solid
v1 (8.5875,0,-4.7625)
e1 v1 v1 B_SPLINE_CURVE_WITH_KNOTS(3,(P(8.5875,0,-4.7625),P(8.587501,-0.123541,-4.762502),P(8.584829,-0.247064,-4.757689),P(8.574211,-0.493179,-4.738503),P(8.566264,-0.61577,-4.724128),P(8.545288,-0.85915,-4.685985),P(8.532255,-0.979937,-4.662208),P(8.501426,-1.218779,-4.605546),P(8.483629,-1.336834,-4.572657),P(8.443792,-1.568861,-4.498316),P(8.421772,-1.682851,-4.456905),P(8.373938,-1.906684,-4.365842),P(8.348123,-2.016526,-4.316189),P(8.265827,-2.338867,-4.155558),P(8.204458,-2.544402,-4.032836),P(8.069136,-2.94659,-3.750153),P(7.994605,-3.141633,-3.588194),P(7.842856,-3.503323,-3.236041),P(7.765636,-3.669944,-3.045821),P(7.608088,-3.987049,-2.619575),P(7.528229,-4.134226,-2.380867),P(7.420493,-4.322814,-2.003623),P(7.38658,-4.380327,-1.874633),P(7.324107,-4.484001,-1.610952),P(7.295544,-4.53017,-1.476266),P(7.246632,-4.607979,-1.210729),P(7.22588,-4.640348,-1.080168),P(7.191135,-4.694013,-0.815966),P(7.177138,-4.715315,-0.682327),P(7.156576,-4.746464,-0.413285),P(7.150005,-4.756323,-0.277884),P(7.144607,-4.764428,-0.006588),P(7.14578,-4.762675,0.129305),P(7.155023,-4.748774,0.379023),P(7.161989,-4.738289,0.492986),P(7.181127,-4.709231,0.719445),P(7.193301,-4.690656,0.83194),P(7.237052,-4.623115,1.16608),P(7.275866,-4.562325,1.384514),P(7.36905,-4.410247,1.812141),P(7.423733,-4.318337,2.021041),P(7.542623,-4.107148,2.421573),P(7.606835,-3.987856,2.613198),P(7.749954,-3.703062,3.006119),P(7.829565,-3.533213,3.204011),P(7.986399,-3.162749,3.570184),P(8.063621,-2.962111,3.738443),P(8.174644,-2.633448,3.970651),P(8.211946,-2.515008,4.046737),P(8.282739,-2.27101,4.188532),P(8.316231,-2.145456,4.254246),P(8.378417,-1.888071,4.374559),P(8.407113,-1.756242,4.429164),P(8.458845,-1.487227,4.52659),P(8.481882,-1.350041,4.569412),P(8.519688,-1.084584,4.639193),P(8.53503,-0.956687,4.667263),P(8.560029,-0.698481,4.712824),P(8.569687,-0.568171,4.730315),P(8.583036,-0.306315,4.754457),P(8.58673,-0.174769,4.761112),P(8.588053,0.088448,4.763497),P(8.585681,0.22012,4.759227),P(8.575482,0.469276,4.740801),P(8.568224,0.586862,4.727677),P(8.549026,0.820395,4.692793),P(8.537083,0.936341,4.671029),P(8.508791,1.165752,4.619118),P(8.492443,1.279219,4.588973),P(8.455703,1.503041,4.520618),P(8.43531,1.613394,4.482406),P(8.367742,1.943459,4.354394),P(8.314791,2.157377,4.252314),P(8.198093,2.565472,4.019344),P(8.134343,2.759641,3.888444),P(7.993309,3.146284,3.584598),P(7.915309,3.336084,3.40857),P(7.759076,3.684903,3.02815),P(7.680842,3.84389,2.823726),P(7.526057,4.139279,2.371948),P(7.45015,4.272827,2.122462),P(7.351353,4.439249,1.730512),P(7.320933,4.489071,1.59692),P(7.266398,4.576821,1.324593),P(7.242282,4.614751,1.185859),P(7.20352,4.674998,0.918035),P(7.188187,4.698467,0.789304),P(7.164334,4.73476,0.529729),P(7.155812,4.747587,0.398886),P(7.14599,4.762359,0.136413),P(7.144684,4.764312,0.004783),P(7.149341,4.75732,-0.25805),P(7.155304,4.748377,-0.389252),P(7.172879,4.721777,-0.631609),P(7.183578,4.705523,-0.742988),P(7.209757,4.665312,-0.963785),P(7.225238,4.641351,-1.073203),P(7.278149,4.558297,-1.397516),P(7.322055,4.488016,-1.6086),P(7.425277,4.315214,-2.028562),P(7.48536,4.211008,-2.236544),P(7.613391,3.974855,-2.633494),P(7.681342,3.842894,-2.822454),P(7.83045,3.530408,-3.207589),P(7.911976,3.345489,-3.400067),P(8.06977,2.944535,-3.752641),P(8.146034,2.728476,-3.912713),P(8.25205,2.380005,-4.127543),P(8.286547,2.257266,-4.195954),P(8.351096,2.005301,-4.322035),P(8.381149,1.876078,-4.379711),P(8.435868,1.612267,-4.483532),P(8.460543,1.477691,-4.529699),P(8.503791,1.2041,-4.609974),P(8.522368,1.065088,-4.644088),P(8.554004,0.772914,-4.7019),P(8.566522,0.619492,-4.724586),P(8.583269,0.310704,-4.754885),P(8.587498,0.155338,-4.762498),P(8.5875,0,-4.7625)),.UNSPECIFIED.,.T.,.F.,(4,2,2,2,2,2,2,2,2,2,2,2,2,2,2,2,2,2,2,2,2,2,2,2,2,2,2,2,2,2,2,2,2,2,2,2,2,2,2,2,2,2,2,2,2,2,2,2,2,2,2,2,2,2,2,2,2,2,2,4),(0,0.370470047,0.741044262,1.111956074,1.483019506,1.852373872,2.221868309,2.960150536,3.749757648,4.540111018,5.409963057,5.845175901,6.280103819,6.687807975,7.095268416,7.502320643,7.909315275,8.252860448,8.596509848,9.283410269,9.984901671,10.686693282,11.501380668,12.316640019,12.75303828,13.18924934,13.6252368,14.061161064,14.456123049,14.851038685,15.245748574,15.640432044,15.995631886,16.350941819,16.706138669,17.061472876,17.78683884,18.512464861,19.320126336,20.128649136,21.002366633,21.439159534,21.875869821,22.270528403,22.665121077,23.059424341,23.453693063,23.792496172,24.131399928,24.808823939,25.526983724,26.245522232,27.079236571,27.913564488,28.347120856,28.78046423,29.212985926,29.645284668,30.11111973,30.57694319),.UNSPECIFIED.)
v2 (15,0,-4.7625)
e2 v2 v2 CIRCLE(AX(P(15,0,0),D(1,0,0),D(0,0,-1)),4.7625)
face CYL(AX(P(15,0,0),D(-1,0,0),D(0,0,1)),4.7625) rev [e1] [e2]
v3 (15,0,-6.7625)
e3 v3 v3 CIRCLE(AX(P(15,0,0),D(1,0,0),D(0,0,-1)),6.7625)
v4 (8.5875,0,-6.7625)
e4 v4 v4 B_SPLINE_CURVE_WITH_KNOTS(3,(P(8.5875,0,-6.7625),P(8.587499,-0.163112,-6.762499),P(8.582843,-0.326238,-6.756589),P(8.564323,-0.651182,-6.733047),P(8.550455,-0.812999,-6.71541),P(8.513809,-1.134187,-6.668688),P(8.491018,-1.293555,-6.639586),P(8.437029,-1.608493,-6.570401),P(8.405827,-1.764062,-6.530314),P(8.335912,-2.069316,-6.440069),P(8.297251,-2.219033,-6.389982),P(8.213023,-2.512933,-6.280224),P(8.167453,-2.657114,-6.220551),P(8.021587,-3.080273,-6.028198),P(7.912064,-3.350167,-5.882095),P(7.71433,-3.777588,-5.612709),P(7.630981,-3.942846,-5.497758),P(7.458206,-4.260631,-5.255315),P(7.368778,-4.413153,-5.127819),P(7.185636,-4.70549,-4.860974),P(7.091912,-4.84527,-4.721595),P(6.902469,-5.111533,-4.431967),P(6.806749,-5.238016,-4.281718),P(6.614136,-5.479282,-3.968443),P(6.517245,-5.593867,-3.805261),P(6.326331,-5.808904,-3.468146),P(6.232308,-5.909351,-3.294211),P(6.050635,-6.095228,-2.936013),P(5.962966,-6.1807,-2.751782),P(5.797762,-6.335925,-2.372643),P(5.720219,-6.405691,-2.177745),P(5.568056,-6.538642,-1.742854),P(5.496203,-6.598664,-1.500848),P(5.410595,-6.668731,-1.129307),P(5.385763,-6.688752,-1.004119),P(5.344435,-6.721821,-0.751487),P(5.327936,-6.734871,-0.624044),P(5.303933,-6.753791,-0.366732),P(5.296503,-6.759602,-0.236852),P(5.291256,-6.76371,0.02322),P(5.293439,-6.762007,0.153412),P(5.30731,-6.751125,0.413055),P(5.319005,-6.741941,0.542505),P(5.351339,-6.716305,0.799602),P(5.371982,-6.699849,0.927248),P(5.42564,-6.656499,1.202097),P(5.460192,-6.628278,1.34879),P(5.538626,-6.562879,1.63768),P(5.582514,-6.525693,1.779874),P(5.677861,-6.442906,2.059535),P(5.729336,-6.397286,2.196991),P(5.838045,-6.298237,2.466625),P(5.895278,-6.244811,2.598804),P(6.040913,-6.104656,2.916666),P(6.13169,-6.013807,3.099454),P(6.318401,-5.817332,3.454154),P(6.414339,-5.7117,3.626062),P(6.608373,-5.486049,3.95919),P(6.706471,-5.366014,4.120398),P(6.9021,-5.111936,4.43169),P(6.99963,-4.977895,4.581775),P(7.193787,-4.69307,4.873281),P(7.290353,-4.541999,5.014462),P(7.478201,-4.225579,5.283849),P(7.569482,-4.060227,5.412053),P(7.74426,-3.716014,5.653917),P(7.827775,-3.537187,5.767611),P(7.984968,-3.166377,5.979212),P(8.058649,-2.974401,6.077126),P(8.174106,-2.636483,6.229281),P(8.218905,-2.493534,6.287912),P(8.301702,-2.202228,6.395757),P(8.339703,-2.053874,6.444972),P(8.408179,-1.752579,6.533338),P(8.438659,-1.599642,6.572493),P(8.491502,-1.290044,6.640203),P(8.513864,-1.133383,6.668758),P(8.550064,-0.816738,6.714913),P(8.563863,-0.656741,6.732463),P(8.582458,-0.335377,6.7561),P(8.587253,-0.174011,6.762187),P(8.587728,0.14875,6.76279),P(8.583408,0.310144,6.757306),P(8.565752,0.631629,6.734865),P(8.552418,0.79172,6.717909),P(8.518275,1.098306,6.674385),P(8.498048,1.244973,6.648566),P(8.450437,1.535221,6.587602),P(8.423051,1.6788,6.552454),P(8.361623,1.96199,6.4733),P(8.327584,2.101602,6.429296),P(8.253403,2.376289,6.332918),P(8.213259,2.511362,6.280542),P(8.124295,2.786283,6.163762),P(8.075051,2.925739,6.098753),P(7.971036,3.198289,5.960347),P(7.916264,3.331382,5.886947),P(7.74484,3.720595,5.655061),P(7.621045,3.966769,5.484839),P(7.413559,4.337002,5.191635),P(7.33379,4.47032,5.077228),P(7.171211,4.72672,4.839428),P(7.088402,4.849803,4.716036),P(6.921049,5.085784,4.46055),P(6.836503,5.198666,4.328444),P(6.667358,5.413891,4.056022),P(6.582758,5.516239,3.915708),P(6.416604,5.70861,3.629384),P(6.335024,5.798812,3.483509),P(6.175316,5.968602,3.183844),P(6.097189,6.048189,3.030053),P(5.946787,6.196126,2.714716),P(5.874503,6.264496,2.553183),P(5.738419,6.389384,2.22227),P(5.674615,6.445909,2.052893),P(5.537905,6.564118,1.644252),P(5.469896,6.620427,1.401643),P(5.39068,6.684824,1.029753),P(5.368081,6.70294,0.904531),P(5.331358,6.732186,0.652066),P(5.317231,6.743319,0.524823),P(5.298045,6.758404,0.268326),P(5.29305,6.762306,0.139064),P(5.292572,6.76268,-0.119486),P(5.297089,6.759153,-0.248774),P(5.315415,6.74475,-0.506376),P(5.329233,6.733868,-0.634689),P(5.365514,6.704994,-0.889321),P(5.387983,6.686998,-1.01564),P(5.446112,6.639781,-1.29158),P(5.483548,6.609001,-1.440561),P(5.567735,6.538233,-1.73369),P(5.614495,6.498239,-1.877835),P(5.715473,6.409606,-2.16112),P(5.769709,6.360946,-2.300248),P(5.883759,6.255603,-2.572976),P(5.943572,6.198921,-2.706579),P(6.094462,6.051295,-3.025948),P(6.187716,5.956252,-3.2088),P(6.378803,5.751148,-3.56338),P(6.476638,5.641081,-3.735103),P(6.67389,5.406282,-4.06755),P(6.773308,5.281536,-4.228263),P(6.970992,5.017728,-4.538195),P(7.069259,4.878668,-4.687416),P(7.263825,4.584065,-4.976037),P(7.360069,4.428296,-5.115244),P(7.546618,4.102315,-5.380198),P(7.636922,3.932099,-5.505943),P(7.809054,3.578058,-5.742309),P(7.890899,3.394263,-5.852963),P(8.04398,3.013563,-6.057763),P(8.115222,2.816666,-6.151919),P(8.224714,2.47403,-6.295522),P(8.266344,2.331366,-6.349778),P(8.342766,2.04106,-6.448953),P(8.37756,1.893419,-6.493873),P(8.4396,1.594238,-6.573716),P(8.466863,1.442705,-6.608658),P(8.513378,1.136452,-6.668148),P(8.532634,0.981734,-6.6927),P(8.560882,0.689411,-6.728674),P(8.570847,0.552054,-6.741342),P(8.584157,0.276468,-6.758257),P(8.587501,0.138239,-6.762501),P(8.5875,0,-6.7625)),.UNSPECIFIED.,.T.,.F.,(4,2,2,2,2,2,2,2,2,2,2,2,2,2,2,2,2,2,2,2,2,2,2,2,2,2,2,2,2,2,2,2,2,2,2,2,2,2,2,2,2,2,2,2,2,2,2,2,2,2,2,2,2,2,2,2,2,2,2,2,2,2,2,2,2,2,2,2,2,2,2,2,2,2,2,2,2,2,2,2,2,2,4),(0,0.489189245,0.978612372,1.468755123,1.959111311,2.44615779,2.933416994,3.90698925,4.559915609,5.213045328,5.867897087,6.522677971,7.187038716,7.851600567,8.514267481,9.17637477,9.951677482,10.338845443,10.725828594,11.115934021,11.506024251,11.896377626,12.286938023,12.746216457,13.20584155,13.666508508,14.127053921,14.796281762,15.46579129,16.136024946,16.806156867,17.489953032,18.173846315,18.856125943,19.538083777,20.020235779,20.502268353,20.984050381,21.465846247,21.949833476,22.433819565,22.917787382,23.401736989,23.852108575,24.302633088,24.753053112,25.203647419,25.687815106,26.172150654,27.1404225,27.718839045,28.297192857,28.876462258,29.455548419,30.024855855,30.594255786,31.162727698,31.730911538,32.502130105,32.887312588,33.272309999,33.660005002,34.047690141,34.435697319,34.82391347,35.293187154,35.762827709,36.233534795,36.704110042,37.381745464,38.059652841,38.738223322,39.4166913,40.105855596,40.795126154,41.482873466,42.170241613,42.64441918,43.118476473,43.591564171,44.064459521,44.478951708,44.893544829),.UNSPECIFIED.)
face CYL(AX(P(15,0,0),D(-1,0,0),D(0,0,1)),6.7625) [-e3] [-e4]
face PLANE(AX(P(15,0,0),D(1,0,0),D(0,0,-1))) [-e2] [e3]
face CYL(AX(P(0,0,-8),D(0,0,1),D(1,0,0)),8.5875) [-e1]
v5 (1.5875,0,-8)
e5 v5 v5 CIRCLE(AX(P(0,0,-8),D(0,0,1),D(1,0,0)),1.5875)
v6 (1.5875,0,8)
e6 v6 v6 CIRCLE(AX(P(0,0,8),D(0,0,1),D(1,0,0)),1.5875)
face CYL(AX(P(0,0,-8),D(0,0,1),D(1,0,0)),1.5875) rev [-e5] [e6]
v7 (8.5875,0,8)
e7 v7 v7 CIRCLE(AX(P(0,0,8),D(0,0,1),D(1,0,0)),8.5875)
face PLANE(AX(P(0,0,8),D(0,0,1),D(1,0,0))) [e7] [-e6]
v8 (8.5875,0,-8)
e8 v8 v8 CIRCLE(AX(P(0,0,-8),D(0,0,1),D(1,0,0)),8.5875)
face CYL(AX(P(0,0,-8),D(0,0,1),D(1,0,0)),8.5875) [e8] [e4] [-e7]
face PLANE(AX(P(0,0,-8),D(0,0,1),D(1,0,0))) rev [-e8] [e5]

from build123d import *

# Parameters (mm, degrees)
BOSS_EXTRUDE2_DEPTH      = 8
BOSS_EXTRUDE2_DEPTH_BACK = 8
SKETCH1_R                = 8.5875
SKETCH1_R_2              = 1.5875
SKETCH2_R                = 6.7625
SKETCH2_R_2              = 4.7625
BOSS_EXTRUDE3_DEPTH      = 15
CUT_EXTRUDE1_DEPTH       = 10
CUT_EXTRUDE1_DEPTH_BACK  = 10
SKETCH3_R                = 1.5875


with BuildPart() as part:
    # Sketch1 → Boss-Extrude2 (new, two sides: drawn at the far end of the back side and taken through both)
    with BuildSketch(Plane.XY.offset(-BOSS_EXTRUDE2_DEPTH_BACK)):
        Circle(SKETCH1_R)
        Circle(SKETCH1_R_2, mode=Mode.SUBTRACT)
    extrude(amount=BOSS_EXTRUDE2_DEPTH + BOSS_EXTRUDE2_DEPTH_BACK)

    # Sketch2 → Boss-Extrude3 (add)
    with BuildSketch(Plane(origin=(0, 0, 0), x_dir=(0, 0, -1), z_dir=(1, 0, 0))):
        Circle(SKETCH2_R)
        Circle(SKETCH2_R_2, mode=Mode.SUBTRACT)
    extrude(amount=BOSS_EXTRUDE3_DEPTH)

    # Sketch3 → Cut-Extrude1 (cut, two sides: drawn at the far end of the back side and taken through both)
    with BuildSketch(Plane.XY.offset(-CUT_EXTRUDE1_DEPTH_BACK)):
        Circle(SKETCH3_R)
    extrude(amount=CUT_EXTRUDE1_DEPTH + CUT_EXTRUDE1_DEPTH_BACK, mode=Mode.SUBTRACT)


solid = part.part
